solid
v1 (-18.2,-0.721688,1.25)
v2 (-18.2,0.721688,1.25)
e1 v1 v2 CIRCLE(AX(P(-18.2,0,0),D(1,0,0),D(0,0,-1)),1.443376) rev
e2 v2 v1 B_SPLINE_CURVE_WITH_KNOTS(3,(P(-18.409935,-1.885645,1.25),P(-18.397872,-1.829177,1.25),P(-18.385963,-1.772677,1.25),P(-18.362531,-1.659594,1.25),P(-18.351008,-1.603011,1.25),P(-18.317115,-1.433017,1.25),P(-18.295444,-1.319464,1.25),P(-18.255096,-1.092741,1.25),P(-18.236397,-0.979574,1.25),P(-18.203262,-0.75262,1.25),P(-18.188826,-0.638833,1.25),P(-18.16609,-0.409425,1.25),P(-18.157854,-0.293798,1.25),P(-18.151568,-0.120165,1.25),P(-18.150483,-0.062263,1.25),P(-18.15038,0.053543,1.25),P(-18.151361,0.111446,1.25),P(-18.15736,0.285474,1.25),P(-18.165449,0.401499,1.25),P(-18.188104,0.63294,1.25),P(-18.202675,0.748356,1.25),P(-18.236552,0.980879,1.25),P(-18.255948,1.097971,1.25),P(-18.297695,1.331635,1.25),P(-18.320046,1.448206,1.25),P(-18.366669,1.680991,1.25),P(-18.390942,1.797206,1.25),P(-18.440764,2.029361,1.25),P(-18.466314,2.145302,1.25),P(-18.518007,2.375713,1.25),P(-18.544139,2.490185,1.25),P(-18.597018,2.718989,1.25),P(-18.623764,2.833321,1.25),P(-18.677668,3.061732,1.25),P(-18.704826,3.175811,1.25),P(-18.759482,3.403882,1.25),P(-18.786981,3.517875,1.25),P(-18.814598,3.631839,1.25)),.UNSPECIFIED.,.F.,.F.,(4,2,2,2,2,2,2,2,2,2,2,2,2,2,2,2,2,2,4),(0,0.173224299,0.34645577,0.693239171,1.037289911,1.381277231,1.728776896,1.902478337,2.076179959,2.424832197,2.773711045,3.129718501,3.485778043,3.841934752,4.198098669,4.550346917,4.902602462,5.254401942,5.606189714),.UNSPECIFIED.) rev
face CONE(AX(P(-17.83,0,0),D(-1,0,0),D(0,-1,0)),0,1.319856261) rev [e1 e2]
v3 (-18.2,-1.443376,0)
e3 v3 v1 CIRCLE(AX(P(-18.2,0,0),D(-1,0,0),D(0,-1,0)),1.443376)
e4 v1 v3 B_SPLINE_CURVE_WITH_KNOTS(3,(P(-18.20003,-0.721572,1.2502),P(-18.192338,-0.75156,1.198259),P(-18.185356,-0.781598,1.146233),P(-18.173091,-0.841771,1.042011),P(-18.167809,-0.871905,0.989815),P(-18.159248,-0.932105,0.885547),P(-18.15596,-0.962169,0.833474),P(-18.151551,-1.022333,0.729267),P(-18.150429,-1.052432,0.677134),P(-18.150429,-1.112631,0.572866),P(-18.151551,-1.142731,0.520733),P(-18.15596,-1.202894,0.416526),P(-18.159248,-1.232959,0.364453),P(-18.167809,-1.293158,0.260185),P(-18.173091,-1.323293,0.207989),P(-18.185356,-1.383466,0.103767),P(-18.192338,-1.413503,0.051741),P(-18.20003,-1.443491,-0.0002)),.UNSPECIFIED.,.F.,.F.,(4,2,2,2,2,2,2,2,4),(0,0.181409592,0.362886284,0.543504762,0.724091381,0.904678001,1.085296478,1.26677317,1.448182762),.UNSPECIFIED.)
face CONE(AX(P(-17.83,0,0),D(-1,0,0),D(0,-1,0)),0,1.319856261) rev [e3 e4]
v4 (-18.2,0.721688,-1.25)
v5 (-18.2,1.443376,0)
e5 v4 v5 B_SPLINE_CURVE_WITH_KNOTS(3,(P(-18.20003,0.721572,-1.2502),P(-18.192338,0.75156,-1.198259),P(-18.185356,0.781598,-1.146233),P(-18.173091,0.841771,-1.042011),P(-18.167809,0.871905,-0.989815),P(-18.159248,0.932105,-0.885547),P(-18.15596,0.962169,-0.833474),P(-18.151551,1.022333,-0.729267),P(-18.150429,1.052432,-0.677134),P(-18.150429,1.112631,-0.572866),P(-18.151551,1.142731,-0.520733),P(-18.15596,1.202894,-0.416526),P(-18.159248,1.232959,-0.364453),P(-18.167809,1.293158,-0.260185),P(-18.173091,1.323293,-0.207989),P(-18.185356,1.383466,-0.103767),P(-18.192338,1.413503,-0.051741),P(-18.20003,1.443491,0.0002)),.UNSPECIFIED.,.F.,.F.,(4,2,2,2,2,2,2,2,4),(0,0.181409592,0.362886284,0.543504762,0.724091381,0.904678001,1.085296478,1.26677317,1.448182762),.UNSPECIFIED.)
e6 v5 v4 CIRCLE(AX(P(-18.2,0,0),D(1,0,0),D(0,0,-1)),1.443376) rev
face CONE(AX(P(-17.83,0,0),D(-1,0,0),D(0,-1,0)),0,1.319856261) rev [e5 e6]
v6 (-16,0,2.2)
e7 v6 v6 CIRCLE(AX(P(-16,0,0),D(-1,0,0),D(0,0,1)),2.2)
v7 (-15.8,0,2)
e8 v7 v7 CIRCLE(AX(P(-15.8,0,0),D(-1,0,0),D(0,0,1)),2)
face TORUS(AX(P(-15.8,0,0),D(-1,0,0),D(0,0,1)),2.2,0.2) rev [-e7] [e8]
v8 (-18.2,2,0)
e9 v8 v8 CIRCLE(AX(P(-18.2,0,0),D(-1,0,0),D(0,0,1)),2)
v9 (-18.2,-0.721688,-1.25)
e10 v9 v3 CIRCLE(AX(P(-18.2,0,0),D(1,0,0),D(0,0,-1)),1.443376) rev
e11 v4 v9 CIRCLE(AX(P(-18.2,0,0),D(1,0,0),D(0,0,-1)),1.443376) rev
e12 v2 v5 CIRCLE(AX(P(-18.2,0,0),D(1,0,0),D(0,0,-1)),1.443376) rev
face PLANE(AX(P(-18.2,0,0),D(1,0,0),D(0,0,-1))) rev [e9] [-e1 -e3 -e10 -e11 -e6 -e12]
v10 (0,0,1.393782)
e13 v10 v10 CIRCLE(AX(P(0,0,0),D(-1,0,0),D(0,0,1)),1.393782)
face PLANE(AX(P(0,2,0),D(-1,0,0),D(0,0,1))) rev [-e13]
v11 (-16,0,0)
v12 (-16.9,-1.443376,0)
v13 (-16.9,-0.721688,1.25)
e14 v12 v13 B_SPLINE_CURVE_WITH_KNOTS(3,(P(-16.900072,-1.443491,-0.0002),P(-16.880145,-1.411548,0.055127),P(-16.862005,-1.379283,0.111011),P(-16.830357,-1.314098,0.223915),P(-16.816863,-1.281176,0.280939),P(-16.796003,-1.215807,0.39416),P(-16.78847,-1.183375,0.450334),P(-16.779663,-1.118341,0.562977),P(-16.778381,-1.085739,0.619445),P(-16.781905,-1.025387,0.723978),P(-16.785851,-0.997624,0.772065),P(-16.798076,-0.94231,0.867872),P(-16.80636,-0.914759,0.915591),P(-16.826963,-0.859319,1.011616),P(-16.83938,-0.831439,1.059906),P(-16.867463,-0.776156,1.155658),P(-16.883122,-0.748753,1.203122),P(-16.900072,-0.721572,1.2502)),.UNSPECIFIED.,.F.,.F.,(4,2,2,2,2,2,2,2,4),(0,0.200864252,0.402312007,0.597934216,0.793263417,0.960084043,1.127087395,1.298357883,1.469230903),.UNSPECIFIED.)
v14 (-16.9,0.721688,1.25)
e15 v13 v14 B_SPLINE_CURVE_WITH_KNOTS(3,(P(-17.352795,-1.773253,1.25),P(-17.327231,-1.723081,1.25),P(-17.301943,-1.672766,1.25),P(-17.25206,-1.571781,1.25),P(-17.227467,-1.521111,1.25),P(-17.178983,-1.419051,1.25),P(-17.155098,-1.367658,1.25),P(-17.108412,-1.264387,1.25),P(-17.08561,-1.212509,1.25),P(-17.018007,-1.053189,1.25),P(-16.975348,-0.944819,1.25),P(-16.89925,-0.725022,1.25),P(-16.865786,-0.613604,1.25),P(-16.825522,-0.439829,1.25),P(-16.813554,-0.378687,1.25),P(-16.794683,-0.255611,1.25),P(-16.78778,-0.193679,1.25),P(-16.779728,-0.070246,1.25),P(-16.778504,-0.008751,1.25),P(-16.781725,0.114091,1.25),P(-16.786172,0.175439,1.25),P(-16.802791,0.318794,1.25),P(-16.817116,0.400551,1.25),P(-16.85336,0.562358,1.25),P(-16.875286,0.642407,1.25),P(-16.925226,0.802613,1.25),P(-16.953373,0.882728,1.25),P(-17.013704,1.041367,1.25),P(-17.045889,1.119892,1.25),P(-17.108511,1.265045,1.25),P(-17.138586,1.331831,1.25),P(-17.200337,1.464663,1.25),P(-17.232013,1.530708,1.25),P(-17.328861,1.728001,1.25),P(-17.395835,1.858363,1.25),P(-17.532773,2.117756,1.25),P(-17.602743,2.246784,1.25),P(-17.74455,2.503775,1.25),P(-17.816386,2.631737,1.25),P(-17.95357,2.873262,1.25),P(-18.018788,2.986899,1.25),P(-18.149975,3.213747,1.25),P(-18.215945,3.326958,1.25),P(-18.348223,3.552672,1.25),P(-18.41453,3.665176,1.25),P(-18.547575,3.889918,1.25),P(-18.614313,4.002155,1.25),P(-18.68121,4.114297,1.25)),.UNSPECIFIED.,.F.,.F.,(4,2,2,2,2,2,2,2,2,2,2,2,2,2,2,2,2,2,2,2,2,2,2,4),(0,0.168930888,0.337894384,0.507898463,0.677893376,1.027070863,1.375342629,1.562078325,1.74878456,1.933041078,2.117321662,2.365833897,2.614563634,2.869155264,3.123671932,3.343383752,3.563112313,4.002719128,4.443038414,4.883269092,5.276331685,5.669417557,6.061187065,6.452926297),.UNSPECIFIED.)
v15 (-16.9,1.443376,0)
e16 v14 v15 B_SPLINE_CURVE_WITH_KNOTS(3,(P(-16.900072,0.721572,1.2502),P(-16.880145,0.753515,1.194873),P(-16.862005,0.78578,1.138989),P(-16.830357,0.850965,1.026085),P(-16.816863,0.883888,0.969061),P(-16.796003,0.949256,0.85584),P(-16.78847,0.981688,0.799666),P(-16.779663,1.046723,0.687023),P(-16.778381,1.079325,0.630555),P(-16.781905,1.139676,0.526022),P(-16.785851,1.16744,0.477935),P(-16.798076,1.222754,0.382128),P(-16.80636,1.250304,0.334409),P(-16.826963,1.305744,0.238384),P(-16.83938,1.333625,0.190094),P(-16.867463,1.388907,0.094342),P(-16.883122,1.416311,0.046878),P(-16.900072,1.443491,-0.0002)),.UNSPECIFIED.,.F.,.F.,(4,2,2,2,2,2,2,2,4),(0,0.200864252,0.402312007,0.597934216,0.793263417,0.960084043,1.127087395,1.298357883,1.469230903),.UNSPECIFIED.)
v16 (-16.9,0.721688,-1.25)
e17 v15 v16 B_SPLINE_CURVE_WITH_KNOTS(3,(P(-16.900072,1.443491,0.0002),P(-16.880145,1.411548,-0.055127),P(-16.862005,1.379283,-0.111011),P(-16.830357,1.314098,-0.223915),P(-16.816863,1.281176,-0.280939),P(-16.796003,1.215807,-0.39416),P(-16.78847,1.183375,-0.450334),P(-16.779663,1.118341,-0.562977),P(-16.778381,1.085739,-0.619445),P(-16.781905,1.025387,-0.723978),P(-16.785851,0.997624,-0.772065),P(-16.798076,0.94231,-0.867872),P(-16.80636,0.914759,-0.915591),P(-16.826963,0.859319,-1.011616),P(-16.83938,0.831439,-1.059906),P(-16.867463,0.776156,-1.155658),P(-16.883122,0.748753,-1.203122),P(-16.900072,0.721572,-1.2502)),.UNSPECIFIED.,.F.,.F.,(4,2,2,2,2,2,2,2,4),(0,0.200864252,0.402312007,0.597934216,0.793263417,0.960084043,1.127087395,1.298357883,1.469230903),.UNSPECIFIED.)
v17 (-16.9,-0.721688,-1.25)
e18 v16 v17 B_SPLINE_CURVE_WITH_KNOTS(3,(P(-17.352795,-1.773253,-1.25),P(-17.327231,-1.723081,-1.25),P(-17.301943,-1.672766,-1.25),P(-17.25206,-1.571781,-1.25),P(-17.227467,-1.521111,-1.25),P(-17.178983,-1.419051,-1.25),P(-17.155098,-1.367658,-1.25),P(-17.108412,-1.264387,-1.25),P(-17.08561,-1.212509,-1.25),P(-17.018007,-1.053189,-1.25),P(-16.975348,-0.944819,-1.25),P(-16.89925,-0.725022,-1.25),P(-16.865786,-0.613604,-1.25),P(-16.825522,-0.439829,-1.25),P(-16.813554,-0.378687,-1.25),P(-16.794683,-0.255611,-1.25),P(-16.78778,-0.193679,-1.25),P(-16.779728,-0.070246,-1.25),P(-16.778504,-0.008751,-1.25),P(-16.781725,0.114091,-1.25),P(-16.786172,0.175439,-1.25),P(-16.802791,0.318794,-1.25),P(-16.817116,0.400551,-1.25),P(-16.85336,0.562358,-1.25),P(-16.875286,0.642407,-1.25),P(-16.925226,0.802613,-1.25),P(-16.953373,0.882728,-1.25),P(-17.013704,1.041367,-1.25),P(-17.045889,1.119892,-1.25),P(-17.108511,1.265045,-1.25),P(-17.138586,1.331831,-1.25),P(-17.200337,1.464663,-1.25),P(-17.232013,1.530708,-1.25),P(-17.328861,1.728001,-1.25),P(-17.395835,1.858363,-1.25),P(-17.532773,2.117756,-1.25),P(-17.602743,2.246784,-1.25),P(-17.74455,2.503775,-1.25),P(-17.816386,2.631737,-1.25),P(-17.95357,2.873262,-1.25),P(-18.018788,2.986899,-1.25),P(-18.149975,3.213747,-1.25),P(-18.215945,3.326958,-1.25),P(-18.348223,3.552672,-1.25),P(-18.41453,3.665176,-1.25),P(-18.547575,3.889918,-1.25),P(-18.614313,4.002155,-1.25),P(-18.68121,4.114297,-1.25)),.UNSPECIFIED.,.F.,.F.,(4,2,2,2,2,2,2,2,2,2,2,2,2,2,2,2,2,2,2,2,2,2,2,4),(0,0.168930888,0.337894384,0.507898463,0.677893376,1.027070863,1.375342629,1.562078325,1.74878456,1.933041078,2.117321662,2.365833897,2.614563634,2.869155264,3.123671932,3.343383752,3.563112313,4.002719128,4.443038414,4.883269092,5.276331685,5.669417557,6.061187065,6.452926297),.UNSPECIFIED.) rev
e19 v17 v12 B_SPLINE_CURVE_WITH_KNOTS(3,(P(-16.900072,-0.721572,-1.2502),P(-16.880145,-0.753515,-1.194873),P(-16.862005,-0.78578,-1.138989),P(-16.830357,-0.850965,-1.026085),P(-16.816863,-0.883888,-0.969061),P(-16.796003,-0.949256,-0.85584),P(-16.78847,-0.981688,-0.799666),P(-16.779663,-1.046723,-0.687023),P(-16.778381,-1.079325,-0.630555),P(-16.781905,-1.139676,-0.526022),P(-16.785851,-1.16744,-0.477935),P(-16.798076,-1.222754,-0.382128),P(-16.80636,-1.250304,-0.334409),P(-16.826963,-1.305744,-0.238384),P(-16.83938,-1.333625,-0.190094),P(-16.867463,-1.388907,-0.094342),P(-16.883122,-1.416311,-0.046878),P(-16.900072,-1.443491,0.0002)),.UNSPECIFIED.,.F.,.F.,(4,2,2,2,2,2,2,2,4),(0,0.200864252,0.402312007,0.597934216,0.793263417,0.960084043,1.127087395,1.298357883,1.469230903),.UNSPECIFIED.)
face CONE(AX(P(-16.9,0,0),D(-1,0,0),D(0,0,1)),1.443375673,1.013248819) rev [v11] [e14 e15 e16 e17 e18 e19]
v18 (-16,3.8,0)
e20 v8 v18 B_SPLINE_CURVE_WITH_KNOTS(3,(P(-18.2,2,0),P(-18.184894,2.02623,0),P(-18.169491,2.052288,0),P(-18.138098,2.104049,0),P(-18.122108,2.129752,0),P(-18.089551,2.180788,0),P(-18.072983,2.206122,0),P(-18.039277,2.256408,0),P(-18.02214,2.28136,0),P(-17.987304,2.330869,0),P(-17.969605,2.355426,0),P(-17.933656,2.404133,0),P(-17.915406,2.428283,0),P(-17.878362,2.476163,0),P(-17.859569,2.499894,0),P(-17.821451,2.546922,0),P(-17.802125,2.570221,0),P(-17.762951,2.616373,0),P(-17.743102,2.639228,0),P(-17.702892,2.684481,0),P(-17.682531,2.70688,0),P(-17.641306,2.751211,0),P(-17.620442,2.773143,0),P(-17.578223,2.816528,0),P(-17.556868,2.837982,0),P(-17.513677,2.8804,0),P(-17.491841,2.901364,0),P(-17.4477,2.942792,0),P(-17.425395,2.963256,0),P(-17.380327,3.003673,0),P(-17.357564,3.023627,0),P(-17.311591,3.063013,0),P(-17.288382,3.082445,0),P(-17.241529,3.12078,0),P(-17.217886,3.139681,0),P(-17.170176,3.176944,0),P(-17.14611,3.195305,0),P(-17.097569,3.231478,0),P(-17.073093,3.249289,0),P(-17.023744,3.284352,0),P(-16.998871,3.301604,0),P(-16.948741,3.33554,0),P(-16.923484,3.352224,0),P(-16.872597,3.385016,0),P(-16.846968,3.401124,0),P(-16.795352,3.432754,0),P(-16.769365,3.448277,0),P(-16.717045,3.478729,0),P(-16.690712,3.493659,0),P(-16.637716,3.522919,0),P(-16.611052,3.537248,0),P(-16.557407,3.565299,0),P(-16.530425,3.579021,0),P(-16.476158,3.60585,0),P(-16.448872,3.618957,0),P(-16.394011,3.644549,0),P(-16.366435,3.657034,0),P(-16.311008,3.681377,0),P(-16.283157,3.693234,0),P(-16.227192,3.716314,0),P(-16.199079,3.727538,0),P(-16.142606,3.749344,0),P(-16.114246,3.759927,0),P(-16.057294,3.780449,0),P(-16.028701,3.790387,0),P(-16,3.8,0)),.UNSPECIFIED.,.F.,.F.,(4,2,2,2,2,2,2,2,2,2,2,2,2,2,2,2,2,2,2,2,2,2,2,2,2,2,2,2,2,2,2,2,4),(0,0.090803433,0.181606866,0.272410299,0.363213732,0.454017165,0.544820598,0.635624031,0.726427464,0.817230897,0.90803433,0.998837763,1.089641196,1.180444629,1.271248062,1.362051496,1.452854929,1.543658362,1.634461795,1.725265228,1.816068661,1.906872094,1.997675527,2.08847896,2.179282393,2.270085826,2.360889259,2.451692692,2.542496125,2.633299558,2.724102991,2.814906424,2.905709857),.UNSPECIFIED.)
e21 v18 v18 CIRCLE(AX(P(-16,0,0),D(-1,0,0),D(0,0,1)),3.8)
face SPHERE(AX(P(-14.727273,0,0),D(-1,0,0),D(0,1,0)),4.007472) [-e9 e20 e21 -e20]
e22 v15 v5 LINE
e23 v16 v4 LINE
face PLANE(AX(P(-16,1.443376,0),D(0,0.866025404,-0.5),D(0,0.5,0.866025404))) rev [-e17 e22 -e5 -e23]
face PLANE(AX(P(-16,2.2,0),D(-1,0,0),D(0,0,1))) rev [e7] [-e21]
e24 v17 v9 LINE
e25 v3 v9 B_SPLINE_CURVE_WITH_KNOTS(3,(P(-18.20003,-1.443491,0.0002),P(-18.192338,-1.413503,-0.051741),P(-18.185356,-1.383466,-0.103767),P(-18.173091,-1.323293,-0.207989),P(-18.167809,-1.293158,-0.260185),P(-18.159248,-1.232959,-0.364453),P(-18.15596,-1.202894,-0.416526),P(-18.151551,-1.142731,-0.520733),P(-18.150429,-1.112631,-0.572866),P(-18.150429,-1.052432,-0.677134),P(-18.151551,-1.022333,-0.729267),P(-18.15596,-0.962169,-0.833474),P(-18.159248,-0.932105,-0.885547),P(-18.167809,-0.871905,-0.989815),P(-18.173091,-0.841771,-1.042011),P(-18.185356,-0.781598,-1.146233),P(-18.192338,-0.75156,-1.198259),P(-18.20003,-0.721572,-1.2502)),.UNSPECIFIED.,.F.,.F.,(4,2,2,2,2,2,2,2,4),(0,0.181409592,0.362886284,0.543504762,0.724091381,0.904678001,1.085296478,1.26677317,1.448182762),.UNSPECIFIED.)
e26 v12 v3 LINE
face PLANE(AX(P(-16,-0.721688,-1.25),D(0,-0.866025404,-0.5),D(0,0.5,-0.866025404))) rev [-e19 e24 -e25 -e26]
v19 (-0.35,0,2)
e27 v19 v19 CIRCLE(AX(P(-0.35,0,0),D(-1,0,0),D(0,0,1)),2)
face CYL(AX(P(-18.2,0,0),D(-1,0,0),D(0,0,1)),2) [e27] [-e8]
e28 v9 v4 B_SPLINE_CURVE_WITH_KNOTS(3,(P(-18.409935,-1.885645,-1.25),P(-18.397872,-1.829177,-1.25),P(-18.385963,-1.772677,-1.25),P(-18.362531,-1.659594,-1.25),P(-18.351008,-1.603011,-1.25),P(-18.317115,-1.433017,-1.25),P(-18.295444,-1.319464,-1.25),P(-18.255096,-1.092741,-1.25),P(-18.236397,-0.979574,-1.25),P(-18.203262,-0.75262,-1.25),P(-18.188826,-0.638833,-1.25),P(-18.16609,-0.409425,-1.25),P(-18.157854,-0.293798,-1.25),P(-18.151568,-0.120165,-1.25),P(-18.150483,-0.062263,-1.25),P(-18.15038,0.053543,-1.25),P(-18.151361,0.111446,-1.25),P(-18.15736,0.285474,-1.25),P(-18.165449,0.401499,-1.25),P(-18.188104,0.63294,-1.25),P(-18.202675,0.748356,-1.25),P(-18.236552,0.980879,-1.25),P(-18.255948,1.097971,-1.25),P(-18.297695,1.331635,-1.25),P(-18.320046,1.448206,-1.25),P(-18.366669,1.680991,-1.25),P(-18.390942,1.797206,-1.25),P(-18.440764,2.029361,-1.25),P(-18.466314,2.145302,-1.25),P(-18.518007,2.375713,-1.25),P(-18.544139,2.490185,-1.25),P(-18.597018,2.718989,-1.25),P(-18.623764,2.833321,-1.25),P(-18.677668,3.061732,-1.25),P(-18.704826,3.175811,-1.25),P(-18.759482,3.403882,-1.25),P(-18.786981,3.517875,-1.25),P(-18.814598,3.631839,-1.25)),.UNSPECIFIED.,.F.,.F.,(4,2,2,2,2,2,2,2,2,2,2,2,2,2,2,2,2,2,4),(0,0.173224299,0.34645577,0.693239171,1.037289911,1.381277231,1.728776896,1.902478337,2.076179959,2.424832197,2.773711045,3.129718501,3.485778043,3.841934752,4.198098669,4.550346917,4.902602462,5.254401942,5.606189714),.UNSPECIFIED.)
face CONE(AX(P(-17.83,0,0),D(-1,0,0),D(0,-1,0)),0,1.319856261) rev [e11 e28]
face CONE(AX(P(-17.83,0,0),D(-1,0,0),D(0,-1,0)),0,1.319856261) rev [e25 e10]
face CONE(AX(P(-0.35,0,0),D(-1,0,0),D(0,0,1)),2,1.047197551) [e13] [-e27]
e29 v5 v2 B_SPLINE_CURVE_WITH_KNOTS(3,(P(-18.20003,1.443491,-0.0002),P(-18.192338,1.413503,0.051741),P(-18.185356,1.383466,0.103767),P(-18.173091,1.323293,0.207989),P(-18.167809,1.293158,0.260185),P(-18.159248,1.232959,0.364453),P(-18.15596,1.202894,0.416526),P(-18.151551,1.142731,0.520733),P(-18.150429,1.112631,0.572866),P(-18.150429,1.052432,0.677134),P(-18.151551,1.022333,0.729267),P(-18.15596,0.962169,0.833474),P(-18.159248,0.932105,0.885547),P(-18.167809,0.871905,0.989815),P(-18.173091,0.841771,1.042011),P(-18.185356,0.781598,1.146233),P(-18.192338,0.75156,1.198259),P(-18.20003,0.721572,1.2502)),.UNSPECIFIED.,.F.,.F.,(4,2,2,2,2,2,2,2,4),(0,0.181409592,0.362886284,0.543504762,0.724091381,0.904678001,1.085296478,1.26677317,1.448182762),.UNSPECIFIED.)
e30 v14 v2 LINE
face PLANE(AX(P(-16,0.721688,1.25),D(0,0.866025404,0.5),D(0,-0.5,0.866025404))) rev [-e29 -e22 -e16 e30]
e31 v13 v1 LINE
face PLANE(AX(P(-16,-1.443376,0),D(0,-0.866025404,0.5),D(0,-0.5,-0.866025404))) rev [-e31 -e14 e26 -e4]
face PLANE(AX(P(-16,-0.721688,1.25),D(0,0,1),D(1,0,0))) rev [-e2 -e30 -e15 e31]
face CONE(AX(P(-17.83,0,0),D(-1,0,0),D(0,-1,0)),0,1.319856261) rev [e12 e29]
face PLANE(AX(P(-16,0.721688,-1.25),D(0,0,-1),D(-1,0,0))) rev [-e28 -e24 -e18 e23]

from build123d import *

# Parameters (mm, degrees)
CUT_EXTRUDE_1_DEPTH = 2.2


with BuildPart() as part:
    # 草图1 → 旋转1 (revolve)
    with BuildSketch(Plane.XY):
        with BuildLine():
            Line((0, 2), (-15.8, 2))
            ThreePointArc((-15.8, 2), (-15.941421356, 2.058578644), (-16, 2.2))
            Line((-16, 2.2), (-16, 3.8))
            ThreePointArc((-16, 3.8), (-17.264955669, 3.101612484), (-18.2, 2))
            Line((-18.2, 2), (-18.2, 0))
            Line((-18.2, 0), (0, 0))
            Line((0, 0), (0, 2))
        make_face()
    revolve(axis=Axis((-18.2, 0, 0), (1, 0, 0)))

    # 草图2 → 切除-拉伸1 (cut)
    with BuildSketch(Plane.ZY.offset(18.2)):
        Polygon((0, 1.443375673), (-1.25, 0.721687836), (-1.25, -0.721687836), (0, -1.443375673), (1.25, -0.721687836), (1.25, 0.721687836), align=None)
    extrude(amount=-CUT_EXTRUDE_1_DEPTH, mode=Mode.SUBTRACT)

    # 草图6 → 旋转2 (revolve)
    with BuildSketch(Plane.XY):
        Polygon((-16.9, 1.443375673), (-16, 0), (-15.63, 0), (-15.63, 1.443375673), align=None)
    revolve(axis=Axis((-18.2, 0, 0), (1, 0, 0)))

    # 草图7 → 切除-旋转5 (revolve, cut)
    with BuildSketch(Plane.XY):
        Polygon((-18.2, 1.443375673), (-17.83, 0), (-18.2, 0), align=None)
    revolve(axis=Axis((-18.2, 0, 0), (1, 0, 0)), mode=Mode.SUBTRACT)

    # 草图4 → 切除-旋转1 (revolve, cut)
    with BuildSketch(Plane.XY):
        Polygon((-0.35, 2), (0, 1.393782217), (0.35, 2), align=None)
    revolve(axis=Axis((-0.35, 0, 0), (1, 0, 0)), mode=Mode.SUBTRACT)


solid = part.part
